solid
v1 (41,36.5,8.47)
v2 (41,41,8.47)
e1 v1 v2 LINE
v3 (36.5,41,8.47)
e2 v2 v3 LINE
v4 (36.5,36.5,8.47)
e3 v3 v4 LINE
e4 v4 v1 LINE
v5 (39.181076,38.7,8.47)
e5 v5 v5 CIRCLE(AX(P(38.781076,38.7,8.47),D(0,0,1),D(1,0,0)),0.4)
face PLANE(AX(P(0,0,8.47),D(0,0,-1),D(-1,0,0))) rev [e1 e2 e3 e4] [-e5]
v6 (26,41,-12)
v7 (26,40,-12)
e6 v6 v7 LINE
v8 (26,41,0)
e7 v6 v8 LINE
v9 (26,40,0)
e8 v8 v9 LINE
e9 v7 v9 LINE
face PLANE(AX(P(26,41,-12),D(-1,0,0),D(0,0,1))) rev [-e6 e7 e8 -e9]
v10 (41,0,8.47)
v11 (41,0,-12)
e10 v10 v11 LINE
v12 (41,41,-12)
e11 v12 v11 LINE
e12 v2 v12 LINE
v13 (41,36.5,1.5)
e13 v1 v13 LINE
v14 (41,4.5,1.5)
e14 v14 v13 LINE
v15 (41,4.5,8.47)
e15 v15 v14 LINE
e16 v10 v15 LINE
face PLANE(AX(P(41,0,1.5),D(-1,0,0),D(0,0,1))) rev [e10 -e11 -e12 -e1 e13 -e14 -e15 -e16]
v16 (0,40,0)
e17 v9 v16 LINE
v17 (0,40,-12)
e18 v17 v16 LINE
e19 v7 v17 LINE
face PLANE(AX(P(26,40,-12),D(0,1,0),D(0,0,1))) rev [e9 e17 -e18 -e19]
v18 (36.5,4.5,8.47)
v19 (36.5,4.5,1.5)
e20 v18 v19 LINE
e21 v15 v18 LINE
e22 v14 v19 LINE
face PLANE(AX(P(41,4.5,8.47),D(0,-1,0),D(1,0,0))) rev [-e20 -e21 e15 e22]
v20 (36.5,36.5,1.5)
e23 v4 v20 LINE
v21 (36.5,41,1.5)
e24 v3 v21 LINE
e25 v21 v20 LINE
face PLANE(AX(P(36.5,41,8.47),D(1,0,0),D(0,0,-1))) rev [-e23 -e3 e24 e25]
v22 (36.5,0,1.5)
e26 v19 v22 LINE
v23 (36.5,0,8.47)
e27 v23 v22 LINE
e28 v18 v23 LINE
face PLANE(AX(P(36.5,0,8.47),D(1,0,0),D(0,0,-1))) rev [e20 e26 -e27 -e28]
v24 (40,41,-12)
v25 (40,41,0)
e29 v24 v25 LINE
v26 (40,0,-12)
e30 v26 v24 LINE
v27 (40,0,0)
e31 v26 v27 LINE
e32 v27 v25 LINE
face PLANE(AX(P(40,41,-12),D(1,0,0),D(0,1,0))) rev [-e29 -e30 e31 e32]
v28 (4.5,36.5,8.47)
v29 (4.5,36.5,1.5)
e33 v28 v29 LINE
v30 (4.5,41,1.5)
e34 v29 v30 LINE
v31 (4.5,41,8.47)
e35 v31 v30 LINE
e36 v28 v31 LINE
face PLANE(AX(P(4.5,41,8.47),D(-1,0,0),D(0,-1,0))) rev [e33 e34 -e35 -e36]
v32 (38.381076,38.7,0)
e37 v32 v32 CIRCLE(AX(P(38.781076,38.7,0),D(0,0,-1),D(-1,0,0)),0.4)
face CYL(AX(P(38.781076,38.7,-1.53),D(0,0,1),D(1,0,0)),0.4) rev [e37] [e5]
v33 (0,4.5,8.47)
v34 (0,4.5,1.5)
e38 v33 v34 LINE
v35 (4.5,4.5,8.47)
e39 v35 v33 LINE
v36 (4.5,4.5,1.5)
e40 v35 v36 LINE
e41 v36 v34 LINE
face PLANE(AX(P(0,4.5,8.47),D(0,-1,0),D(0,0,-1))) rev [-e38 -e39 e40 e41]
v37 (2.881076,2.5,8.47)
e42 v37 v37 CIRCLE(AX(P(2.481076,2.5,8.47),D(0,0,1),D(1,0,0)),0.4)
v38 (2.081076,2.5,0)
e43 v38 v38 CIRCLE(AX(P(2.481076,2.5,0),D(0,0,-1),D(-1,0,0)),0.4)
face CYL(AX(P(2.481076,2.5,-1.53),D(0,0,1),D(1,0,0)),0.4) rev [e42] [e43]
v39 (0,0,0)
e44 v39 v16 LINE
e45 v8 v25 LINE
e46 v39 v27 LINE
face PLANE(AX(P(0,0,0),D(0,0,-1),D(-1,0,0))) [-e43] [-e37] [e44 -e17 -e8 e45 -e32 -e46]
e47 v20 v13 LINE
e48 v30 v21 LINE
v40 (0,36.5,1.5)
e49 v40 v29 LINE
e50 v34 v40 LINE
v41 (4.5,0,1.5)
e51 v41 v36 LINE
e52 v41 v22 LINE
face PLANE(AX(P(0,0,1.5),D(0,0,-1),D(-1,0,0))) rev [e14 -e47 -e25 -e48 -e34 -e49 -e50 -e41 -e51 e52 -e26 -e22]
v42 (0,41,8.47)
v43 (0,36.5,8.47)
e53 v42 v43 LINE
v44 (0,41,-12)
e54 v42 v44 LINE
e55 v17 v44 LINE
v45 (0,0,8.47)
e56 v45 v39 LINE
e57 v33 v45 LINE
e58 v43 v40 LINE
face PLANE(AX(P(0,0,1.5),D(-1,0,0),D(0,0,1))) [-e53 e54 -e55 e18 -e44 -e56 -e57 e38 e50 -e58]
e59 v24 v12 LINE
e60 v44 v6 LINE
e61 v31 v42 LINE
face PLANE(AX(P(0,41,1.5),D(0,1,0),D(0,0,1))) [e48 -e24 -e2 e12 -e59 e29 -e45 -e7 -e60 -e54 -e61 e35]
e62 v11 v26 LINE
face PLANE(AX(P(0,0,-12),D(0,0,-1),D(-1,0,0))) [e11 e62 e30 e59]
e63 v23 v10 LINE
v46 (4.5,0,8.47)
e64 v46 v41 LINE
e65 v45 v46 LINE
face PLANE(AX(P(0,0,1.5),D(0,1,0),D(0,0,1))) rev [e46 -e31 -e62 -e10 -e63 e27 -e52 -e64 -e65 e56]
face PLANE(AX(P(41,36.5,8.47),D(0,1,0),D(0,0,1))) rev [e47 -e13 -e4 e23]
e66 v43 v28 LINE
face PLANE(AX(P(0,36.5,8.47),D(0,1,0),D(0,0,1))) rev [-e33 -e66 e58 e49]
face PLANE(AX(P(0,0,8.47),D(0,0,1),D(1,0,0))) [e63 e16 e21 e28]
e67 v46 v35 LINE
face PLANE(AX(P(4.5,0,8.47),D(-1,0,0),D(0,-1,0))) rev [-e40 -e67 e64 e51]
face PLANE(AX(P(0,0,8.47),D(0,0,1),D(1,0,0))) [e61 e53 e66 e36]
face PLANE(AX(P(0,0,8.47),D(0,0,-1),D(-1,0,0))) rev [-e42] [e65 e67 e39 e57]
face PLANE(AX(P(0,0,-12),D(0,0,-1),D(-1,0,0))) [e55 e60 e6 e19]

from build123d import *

# Parameters (mm, degrees)
SCHIZZO1_W                   = 41
SCHIZZO1_H                   = 41
ESTRUSIONE_ESTRUSIONE1_DEPTH = 1.5
SCHIZZO5_W                   = 4.5
SCHIZZO5_H                   = 4.5
ESTRUSIONE_ESTRUSIONE2_DEPTH = 6.97
SCHIZZO6_W                   = 4.5
SCHIZZO6_H                   = 4.5
ESTRUSIONE_ESTRUSIONE3_DEPTH = 6.97
SCHIZZO7_W                   = 4.5
SCHIZZO7_H                   = 4.5
ESTRUSIONE_ESTRUSIONE4_DEPTH = 6.97
SCHIZZO8_W                   = 4.5
SCHIZZO8_H                   = 4.5
ESTRUSIONE_ESTRUSIONE5_DEPTH = 6.97
SCHIZZO9_W                   = 1
SCHIZZO9_H                   = 41
ESTRUSIONE_ESTRUSIONE6_DEPTH = 12
SCHIZZO10_W                  = 26
SCHIZZO10_H                  = 1
ESTRUSIONE_ESTRUSIONE7_DEPTH = 12
SCHIZZO11_R                  = 0.4
TAGLIO_ESTRUSIONE1_DEPTH     = 10
SCHIZZO12_R                  = 0.4
TAGLIO_ESTRUSIONE2_DEPTH     = 10


with BuildPart() as part:
    # Schizzo1 → Estrusione-Estrusione1 (new body)
    with BuildSketch(Plane.XY):
        with Locations((20.5, 20.5)):
            Rectangle(SCHIZZO1_W, SCHIZZO1_H)
    extrude(amount=ESTRUSIONE_ESTRUSIONE1_DEPTH)

    # Schizzo5 → Estrusione-Estrusione2 (add)
    with BuildSketch(Plane.XY.offset(1.5)):
        with Locations((2.25, 2.25)):
            Rectangle(SCHIZZO5_W, SCHIZZO5_H)
    extrude(amount=ESTRUSIONE_ESTRUSIONE2_DEPTH)

    # Schizzo6 → Estrusione-Estrusione3 (add)
    with BuildSketch(Plane.XY.offset(1.5)):
        with Locations((38.75, 2.25)):
            Rectangle(SCHIZZO6_W, SCHIZZO6_H)
    extrude(amount=ESTRUSIONE_ESTRUSIONE3_DEPTH)

    # Schizzo7 → Estrusione-Estrusione4 (add)
    with BuildSketch(Plane.XY.offset(1.5)):
        with Locations((2.25, 38.75)):
            Rectangle(SCHIZZO7_W, SCHIZZO7_H)
    extrude(amount=ESTRUSIONE_ESTRUSIONE4_DEPTH)

    # Schizzo8 → Estrusione-Estrusione5 (add)
    with BuildSketch(Plane.XY.offset(1.5)):
        with Locations((38.75, 38.75)):
            Rectangle(SCHIZZO8_W, SCHIZZO8_H)
    extrude(amount=ESTRUSIONE_ESTRUSIONE5_DEPTH)

    # Schizzo9 → Estrusione-Estrusione6 (add)
    with BuildSketch(Plane(origin=(0, 0, 0), x_dir=(-1, 0, 0), z_dir=(0, 0, -1))):
        with Locations((-40.5, 20.5)):
            Rectangle(SCHIZZO9_W, SCHIZZO9_H)
    extrude(amount=ESTRUSIONE_ESTRUSIONE6_DEPTH)

    # Schizzo10 → Estrusione-Estrusione7 (add)
    with BuildSketch(Plane(origin=(0, 0, 0), x_dir=(-1, 0, 0), z_dir=(0, 0, -1))):
        with Locations((-13, 40.5)):
            Rectangle(SCHIZZO10_W, SCHIZZO10_H)
    extrude(amount=ESTRUSIONE_ESTRUSIONE7_DEPTH)

    # Schizzo11 → Taglio-Estrusione1 (cut)
    with BuildSketch(Plane.XY.offset(8.47)):
        with Locations((38.781075858, 38.7)):
            Circle(SCHIZZO11_R)
    extrude(amount=-TAGLIO_ESTRUSIONE1_DEPTH, mode=Mode.SUBTRACT)

    # Schizzo12 → Taglio-Estrusione2 (cut)
    with BuildSketch(Plane.XY.offset(8.47)):
        with Locations((2.481075858, 2.5)):
            Circle(SCHIZZO12_R)
    extrude(amount=-TAGLIO_ESTRUSIONE2_DEPTH, mode=Mode.SUBTRACT)


solid = part.part
